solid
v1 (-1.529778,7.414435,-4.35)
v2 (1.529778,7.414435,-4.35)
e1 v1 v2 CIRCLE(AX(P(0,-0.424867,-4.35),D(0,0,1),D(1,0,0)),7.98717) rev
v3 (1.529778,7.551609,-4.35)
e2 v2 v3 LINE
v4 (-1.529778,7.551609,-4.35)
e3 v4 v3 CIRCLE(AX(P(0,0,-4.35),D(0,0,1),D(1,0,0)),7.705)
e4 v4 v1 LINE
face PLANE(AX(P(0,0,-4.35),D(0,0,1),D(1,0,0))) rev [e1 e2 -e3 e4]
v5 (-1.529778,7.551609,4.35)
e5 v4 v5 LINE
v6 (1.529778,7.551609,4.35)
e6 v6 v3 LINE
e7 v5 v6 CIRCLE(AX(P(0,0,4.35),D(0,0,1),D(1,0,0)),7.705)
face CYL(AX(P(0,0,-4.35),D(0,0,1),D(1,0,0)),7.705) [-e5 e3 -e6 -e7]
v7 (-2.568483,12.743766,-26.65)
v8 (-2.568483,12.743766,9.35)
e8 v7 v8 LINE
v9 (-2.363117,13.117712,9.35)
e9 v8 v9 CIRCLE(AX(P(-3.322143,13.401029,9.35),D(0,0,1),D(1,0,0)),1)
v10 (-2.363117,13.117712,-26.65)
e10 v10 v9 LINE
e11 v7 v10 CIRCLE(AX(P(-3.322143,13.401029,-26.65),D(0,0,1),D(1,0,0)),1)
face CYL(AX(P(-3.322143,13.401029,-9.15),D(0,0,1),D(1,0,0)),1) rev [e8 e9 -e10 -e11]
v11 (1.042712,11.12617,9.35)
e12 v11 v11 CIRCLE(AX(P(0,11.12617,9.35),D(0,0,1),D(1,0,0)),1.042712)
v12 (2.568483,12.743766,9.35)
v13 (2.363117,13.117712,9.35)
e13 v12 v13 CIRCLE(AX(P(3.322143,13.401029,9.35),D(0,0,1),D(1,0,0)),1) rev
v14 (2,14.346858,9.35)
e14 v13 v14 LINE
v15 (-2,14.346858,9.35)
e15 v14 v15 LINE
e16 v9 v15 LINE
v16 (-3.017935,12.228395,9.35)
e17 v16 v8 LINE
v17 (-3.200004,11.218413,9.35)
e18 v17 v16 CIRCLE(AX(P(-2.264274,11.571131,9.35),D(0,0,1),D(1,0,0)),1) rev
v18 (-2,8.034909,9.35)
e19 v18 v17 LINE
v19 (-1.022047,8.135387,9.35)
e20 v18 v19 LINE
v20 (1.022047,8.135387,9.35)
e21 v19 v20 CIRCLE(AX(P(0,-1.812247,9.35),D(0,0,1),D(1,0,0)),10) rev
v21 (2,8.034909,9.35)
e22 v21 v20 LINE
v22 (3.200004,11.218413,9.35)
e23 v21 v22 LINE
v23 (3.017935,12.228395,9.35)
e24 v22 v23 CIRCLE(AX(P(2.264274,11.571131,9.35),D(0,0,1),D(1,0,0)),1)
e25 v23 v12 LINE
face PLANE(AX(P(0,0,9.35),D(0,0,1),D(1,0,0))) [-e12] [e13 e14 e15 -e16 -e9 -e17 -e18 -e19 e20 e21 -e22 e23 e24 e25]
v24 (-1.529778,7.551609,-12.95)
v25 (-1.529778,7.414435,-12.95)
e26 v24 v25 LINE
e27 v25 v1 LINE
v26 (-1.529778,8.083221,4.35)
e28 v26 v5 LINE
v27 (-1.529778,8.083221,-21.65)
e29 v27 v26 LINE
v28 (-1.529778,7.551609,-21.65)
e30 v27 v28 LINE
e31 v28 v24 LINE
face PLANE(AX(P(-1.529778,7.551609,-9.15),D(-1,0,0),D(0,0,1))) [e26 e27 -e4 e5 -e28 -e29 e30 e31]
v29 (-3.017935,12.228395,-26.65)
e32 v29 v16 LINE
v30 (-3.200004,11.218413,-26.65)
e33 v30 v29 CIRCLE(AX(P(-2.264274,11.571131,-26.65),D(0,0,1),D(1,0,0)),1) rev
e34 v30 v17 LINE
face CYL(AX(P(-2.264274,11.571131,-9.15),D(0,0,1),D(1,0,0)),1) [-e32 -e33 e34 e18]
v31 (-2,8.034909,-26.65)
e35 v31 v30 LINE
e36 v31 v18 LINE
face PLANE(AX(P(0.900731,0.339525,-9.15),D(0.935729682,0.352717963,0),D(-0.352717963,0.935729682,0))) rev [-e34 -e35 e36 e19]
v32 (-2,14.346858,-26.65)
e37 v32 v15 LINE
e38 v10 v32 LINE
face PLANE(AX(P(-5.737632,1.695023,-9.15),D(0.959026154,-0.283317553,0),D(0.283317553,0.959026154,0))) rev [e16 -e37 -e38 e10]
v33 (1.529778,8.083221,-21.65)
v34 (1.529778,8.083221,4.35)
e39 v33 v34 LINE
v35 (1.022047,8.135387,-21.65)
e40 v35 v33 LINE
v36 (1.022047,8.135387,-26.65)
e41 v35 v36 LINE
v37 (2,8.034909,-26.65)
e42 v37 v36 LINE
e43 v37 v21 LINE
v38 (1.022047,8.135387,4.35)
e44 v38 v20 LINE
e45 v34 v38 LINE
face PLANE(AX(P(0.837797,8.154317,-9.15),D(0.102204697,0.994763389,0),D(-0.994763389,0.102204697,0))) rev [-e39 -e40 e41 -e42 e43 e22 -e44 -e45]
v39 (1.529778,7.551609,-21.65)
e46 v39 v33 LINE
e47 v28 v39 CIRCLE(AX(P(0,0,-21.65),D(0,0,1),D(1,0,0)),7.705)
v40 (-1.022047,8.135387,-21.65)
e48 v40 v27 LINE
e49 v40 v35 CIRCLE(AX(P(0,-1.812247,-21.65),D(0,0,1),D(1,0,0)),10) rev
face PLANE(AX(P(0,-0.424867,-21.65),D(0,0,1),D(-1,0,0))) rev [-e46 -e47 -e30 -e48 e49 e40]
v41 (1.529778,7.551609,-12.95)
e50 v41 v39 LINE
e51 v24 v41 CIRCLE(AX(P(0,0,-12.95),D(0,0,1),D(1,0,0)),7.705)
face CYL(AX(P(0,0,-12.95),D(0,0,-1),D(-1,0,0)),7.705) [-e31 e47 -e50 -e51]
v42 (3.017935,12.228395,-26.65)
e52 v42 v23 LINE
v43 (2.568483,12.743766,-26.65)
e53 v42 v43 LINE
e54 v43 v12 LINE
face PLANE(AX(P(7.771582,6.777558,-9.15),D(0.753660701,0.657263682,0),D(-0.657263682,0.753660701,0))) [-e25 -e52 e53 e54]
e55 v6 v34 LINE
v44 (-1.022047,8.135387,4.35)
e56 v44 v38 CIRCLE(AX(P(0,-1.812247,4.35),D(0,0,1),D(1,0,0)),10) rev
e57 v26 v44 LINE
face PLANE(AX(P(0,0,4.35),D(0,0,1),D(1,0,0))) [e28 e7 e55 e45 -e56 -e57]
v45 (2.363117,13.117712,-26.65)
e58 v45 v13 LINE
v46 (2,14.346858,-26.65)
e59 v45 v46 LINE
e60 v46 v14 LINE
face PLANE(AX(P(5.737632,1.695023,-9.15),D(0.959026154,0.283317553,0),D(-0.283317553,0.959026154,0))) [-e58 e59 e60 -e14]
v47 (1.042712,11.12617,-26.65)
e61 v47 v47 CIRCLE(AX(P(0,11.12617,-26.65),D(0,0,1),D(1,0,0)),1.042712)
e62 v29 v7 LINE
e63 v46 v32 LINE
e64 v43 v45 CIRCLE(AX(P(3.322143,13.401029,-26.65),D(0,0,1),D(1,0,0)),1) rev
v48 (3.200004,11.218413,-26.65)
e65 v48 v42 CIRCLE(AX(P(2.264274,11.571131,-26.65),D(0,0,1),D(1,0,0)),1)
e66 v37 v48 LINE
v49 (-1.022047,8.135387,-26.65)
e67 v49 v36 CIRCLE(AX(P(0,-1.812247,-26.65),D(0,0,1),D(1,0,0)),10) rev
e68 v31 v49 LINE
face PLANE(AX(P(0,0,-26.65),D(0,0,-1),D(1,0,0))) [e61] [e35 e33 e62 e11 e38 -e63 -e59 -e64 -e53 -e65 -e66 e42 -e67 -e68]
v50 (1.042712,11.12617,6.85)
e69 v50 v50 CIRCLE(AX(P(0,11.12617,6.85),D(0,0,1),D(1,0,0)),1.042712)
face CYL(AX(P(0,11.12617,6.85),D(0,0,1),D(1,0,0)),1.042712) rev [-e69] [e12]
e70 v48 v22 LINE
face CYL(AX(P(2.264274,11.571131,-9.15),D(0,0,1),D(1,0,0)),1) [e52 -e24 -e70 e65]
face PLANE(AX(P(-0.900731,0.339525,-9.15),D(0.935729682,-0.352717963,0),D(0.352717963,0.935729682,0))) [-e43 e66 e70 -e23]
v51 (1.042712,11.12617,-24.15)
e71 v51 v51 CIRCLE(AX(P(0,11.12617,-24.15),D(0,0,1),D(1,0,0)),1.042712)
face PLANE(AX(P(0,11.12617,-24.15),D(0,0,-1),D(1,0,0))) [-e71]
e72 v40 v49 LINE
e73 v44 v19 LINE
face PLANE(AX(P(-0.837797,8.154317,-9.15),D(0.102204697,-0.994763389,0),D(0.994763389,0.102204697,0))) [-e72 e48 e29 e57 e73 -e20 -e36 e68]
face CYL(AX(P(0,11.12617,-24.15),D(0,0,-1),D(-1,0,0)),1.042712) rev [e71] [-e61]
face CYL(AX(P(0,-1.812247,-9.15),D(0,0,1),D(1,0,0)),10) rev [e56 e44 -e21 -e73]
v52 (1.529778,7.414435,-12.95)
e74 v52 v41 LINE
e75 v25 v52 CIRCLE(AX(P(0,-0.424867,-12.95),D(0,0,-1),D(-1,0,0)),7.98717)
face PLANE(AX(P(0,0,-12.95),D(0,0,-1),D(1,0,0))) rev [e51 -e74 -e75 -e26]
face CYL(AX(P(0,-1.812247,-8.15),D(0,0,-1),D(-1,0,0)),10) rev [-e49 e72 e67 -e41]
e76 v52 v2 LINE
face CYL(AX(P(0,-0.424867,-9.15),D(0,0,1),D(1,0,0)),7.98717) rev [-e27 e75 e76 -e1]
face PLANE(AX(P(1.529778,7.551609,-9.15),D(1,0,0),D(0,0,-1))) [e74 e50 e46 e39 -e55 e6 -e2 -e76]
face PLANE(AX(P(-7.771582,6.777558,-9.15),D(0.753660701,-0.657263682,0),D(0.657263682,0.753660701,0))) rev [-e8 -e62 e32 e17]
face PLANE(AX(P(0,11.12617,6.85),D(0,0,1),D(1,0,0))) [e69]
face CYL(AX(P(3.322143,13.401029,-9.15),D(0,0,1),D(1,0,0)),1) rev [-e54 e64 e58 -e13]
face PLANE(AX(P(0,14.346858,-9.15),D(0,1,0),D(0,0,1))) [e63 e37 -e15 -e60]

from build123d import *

# Parameters (mm, degrees)
CROQUIS1_R              = 7.705
SALIENTE_EXTRUIR1_DEPTH = 4.35
SALIENTE_EXTRUIR2_START = -13.5
SALIENTE_EXTRUIR2_DEPTH = 18.5
SALIENTE_EXTRUIR3_DEPTH = 13.5
CROQUIS5_R              = 1.042712332
CORTAR_EXTRUIR1_DEPTH   = 2.5


with BuildPart() as part:
    # Croquis1 → Saliente-Extruir1 (new, symmetric)
    with BuildSketch(Plane.XY):
        Circle(CROQUIS1_R)
    saliente_extruir1 = extrude(amount=SALIENTE_EXTRUIR1_DEPTH, both=True)



with BuildPart() as body_2:
    # Croquis3 → Saliente-Extruir2 (new body)
    with BuildSketch(Plane.XY.offset(4.35).offset(SALIENTE_EXTRUIR2_START)):
        with BuildLine():
            Line((2, 8.034909184), (1.02204697, 8.135386739))
            ThreePointArc((1.02204697, 8.135386739), (0, 8.18775285), (-1.02204697, 8.135386739))
            Line((-1.02204697, 8.135386739), (-2, 8.034909184))
            Line((-2, 8.034909184), (-3.200003677, 11.21841322))
            ThreePointArc((-3.200003677, 11.21841322), (-3.248411026, 11.748541167), (-3.017934695, 12.228394865))
            Line((-3.017934695, 12.228394865), (-2.568482545, 12.743765532))
            ThreePointArc((-2.568482545, 12.743765532), (-2.445625709, 12.919659287), (-2.363117092, 13.117711661))
            Line((-2.363117092, 13.117711661), (-2, 14.346858197))
            Line((-2, 14.346858197), (2, 14.346858197))
            Line((2, 14.346858197), (2.363117092, 13.117711661))
            ThreePointArc((2.363117092, 13.117711661), (2.445625709, 12.919659287), (2.568482545, 12.743765532))
            Line((2.568482545, 12.743765532), (3.017934695, 12.228394865))
            ThreePointArc((3.017934695, 12.228394865), (3.248411026, 11.748541167), (3.200003677, 11.21841322))
            Line((3.200003677, 11.21841322), (2, 8.034909184))
        make_face()
    saliente_extruir2 = extrude(amount=SALIENTE_EXTRUIR2_DEPTH)


with BuildPart() as part_1:
    add(part.part)

    add(body_2.part)  # Saliente-Extruir3 merges body 2
    # Croquis4 → Saliente-Extruir3 (add)
    with BuildSketch(Plane.XY.offset(4.35)):
        with BuildLine():
            Line((1.529777798, 7.551609424), (1.529777798, 8.083221093))
            ThreePointArc((1.529777798, 8.083221093), (0, 8.18775285), (-1.529777798, 8.083221093))
            Line((-1.529777798, 8.083221093), (-1.529777798, 7.551609424))
            Line((-1.529777798, 7.551609424), (-1.529777798, 7.414435005))
            ThreePointArc((-1.529777798, 7.414435005), (0, 7.562302456), (1.529777798, 7.414435005))
            Line((1.529777798, 7.414435005), (1.529777798, 7.551609424))
        make_face()
    saliente_extruir3 = extrude(amount=-SALIENTE_EXTRUIR3_DEPTH)

    # Simetría2: Saliente-Extruir2, Saliente-Extruir3 across plane
    add(saliente_extruir2.mirror(Plane.XY.offset(-8.65)))
    add(saliente_extruir3.mirror(Plane.XY.offset(-8.65)))

    # Simetría3: Saliente-Extruir1 across plane
    add(saliente_extruir1.mirror(Plane.XY.offset(-8.65)))

    # Croquis5 → Cortar-Extruir1 (cut)
    with BuildSketch(Plane.XY.offset(9.35)):
        with Locations((0, 11.126169976)):
            Circle(CROQUIS5_R)
    cortar_extruir1 = extrude(amount=-CORTAR_EXTRUIR1_DEPTH, mode=Mode.SUBTRACT)

    # Simetría4: Cortar-Extruir1 across plane
    add(cortar_extruir1.mirror(Plane.XY.offset(-8.65)), mode=Mode.SUBTRACT)


solid = part_1.part
